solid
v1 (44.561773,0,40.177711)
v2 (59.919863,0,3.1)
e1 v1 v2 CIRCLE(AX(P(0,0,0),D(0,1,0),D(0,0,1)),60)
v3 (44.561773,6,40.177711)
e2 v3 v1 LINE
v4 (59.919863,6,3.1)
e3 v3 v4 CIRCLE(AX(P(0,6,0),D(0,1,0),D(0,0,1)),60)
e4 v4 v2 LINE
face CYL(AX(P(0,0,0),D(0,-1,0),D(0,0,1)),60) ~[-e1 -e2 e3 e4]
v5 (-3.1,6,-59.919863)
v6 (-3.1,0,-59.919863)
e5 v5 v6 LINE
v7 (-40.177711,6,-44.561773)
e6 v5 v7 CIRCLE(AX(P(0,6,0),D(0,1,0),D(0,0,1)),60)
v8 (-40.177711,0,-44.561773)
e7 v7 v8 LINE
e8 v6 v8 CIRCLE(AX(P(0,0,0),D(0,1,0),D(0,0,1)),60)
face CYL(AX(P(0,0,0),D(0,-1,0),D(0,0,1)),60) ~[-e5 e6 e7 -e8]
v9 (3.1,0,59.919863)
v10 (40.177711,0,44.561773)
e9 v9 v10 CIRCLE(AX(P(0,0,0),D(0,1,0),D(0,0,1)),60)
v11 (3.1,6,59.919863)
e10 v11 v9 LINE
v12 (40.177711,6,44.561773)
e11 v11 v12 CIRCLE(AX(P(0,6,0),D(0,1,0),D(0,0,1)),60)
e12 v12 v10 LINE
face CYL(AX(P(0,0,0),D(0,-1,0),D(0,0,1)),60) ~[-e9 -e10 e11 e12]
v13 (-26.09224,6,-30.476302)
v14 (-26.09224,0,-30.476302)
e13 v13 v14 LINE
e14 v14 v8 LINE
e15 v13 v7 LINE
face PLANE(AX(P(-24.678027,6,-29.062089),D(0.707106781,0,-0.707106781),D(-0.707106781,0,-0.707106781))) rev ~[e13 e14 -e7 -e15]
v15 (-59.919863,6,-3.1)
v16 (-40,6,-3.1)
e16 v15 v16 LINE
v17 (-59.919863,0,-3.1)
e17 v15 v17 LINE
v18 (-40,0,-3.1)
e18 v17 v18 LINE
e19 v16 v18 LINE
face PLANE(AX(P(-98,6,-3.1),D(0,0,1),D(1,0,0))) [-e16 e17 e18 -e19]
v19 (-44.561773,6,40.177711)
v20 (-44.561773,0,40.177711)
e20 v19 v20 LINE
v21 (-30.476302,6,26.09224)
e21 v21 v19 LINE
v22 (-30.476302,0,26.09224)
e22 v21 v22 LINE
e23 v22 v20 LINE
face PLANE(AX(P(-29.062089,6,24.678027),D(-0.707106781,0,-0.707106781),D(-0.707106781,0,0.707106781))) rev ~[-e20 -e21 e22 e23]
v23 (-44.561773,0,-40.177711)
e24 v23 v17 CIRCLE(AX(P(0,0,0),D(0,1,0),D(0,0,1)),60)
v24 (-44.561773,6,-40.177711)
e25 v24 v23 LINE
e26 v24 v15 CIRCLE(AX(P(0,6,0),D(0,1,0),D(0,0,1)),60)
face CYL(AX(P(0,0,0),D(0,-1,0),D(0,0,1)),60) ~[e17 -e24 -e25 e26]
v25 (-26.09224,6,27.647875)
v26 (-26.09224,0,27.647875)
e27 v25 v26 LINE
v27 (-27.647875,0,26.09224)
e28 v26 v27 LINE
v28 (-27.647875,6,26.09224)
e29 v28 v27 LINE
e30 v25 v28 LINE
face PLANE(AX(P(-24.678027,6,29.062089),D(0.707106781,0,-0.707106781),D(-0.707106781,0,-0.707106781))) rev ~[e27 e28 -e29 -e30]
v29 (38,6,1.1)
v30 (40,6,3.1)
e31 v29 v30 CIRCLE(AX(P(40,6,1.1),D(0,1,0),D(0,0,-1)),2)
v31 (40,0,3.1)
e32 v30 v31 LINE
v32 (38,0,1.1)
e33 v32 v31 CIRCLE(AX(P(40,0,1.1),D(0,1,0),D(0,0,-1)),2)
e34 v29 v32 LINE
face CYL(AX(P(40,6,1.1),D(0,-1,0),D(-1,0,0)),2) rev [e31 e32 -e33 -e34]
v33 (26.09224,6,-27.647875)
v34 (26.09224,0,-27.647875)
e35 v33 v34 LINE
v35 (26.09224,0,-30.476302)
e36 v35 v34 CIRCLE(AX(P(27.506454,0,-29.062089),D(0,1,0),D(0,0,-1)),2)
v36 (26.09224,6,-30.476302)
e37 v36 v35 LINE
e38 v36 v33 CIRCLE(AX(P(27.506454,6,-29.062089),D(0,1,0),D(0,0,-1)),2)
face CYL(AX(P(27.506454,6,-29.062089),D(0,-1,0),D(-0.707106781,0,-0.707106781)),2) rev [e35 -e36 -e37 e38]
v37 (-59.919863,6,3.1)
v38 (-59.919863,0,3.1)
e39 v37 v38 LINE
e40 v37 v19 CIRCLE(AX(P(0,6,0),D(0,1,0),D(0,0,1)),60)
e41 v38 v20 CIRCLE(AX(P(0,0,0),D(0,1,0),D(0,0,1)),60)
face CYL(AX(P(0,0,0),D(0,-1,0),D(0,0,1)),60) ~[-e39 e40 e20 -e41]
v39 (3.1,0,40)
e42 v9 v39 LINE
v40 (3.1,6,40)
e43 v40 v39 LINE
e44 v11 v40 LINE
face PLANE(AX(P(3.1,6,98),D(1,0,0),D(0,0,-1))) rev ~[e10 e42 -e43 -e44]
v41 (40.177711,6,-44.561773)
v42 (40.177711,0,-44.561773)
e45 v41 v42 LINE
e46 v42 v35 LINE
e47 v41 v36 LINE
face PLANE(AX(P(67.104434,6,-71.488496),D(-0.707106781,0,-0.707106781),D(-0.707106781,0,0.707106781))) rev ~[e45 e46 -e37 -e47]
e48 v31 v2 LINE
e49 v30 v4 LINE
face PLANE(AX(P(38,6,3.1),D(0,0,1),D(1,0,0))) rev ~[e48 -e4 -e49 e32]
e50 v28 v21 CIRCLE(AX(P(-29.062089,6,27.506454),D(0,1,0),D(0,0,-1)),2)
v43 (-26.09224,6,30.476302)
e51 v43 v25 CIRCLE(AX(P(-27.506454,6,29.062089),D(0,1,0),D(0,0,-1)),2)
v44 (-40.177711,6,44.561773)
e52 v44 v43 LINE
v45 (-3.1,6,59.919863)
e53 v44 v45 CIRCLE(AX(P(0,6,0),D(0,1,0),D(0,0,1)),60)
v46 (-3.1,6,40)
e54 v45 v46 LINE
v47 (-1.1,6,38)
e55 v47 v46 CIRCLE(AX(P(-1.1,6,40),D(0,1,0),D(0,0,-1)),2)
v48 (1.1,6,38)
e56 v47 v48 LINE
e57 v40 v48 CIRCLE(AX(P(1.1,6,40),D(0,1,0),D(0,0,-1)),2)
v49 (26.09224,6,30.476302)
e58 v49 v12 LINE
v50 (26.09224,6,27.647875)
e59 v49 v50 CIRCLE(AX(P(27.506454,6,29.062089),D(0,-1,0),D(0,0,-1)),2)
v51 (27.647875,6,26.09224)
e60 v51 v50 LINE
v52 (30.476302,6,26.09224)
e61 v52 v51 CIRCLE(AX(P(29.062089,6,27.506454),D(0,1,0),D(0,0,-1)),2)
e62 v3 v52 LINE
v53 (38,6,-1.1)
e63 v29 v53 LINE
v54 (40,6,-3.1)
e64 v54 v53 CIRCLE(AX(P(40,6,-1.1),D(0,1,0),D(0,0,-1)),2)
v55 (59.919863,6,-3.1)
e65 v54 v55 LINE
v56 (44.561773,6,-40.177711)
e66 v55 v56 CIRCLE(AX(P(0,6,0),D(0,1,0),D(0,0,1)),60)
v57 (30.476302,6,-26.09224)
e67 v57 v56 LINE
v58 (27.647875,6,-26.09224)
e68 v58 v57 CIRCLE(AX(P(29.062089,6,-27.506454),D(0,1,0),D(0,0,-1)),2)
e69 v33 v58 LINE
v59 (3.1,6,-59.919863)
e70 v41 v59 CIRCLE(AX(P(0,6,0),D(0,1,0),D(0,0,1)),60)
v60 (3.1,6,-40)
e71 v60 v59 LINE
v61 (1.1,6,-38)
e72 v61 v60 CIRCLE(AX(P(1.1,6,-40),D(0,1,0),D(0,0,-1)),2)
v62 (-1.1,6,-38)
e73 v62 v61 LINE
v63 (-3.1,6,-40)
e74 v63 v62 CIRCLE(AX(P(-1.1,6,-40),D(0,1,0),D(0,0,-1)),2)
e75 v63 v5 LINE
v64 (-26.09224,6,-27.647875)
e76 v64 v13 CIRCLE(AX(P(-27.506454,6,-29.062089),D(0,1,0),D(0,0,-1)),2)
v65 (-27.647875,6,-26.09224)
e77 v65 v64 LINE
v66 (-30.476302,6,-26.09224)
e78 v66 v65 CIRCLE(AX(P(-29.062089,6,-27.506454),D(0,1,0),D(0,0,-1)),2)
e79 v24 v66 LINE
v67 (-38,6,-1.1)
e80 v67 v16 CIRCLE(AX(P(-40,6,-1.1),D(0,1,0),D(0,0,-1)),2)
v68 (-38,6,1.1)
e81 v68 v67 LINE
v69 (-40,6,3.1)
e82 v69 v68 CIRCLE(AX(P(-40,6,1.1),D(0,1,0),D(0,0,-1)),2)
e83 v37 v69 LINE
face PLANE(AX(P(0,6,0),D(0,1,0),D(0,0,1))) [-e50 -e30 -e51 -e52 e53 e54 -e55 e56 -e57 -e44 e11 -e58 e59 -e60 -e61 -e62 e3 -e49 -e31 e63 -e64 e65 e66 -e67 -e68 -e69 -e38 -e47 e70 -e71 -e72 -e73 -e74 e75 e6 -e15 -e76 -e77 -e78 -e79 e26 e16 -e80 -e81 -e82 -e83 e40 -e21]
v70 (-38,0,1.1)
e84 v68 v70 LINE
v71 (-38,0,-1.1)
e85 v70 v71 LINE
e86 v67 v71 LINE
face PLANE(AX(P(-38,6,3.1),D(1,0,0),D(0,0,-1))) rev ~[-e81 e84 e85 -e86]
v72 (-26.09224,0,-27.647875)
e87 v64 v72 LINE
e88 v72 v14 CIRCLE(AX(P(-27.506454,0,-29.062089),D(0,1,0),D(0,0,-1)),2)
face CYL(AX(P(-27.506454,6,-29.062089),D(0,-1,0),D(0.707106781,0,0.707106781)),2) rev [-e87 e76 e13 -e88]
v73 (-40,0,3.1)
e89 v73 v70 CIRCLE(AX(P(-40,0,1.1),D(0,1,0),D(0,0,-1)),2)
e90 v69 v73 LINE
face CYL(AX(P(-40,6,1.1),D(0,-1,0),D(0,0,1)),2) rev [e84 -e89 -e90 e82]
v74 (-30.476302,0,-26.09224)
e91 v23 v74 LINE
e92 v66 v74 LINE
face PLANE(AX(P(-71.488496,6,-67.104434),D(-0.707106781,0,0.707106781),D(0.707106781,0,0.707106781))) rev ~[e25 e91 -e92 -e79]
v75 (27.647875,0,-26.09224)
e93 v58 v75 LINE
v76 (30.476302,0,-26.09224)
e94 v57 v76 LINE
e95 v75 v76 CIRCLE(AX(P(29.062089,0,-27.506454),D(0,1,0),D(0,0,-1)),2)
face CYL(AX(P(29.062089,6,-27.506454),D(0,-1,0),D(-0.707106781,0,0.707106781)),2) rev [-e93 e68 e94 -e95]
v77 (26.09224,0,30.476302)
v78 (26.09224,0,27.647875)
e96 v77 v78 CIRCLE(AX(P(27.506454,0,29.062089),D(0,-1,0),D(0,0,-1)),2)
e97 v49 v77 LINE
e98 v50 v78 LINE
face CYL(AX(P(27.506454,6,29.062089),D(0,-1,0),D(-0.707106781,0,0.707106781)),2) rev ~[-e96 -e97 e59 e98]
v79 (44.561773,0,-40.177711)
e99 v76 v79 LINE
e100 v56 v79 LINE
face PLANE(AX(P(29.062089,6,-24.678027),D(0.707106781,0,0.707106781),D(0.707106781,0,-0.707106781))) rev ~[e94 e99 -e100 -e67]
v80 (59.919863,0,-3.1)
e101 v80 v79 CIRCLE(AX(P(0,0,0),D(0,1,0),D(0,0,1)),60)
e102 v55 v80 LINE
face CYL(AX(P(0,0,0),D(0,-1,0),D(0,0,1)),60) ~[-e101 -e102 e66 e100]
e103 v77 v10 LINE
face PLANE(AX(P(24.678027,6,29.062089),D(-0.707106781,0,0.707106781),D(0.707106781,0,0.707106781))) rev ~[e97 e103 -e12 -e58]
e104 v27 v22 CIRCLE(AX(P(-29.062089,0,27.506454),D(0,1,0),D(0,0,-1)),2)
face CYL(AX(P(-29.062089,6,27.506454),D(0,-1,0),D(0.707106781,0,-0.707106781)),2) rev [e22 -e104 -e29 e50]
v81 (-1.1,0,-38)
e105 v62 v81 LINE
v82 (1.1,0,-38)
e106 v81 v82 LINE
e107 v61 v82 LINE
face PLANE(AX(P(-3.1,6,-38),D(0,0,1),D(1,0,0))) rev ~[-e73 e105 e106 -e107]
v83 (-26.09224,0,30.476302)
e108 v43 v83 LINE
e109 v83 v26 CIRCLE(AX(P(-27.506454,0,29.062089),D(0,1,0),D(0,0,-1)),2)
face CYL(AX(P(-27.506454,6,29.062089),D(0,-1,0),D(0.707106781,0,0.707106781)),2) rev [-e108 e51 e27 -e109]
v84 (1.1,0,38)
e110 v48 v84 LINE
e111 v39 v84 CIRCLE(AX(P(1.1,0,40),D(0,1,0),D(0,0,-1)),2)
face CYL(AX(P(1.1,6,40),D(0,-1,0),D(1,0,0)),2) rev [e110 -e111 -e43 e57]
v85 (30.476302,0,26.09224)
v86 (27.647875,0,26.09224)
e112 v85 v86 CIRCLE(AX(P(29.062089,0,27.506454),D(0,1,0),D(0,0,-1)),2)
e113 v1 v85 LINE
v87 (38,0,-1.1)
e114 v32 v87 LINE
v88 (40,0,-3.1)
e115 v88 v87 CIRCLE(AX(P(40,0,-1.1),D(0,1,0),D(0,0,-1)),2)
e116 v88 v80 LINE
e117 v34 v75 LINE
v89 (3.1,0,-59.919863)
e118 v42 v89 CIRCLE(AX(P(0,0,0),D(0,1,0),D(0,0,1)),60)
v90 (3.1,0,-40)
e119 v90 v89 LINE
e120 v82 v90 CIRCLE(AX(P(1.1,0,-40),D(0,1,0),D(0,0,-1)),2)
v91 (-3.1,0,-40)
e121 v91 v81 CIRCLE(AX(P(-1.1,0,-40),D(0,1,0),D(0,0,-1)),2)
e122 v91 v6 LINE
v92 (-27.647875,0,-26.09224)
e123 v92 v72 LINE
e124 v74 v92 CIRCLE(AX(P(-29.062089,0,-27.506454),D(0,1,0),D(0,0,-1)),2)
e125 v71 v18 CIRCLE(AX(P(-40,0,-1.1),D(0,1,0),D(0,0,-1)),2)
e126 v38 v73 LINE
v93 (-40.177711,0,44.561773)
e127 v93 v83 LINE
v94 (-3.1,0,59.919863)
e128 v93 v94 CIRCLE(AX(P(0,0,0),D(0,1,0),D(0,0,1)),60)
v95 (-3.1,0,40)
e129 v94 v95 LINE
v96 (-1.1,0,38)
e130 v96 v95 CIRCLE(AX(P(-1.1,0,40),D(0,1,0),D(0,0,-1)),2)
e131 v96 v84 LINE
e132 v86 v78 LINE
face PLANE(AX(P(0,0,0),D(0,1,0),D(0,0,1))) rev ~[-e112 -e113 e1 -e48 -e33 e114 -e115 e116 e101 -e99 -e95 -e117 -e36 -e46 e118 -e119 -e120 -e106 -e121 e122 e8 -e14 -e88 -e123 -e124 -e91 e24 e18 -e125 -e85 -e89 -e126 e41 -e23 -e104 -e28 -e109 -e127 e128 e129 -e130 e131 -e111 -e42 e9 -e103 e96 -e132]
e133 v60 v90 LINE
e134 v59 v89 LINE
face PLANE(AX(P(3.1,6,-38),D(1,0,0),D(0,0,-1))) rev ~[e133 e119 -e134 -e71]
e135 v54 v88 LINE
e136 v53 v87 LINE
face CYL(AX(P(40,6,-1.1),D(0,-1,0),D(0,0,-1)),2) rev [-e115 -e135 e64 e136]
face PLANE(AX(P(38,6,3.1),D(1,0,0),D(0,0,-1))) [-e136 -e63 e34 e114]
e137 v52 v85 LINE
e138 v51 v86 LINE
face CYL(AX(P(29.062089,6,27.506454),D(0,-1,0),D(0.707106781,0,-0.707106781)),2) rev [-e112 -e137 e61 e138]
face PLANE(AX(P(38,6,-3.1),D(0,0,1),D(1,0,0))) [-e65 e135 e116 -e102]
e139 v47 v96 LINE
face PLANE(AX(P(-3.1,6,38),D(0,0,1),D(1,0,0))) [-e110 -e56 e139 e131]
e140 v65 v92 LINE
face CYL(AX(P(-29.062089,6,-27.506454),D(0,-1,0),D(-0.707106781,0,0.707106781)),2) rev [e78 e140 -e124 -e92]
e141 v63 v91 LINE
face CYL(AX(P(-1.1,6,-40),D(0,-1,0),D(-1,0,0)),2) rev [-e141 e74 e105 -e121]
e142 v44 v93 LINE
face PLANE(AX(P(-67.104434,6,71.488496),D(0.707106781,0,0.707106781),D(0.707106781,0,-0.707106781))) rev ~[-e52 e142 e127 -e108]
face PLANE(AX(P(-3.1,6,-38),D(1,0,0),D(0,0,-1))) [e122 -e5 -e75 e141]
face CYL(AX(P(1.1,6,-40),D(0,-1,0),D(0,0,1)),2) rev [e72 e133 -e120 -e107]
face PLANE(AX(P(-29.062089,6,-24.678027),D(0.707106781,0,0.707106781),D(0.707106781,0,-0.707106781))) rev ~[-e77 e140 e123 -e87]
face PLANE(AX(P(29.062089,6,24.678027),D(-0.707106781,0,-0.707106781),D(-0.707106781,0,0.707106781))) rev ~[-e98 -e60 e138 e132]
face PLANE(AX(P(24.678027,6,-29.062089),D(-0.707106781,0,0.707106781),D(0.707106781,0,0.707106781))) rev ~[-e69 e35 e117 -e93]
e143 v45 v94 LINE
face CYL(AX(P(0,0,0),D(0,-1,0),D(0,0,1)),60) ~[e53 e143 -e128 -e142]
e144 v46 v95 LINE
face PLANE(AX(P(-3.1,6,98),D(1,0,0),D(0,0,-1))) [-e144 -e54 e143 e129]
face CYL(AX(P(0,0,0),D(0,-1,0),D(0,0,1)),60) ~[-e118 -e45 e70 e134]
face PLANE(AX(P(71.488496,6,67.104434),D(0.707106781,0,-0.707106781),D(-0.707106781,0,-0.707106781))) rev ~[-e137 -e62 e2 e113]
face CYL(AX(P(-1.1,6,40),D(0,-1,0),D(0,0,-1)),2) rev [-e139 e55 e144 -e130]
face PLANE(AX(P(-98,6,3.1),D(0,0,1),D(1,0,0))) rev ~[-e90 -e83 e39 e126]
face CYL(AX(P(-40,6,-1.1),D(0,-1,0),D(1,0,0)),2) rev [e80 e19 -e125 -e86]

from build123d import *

# Parameters (mm, degrees)
SKETCH_2_R          = 60
EXTRUDE_1_DEPTH     = 6
SKETCH_3_W          = 60
SKETCH_3_H          = 6.2
SKETCH_3_W_2        = 6.2
SKETCH_3_H_2        = 60
CUT_EXTRUDE_1_DEPTH = 6
FILLET_1_R          = 2


with BuildPart() as part:
    # 草图2 → 凸台-拉伸1 (new body)
    with BuildSketch(Plane(origin=(0, 0, 0), x_dir=(1, 0, 0), z_dir=(0, 1, 0))):
        with Locations(Location((0, 0, 0), (0, 0, 270))):
            Circle(SKETCH_2_R)
    extrude(amount=EXTRUDE_1_DEPTH)

    # 草图3 → 切除-拉伸1 (cut)
    with BuildSketch(Plane(origin=(0, 6, 0), x_dir=(1, 0, 0), z_dir=(0, 1, 0))):
        with Locations((68, 0)):
            Rectangle(SKETCH_3_W, SKETCH_3_H)
        Polygon((24.678026663, -29.062088707), (67.104433535, -71.488495578), (71.488495578, -67.104433535), (29.062088707, -24.678026663), align=None)
        with Locations((0, -68)):
            Rectangle(SKETCH_3_W_2, SKETCH_3_H_2)
        Polygon((-29.062088707, -24.678026663), (-71.488495578, -67.104433535), (-67.104433535, -71.488495578), (-24.678026663, -29.062088707), align=None)
        with Locations((-68, 0)):
            Rectangle(SKETCH_3_W, SKETCH_3_H)
        Polygon((-24.678026663, 29.062088707), (-67.104433535, 71.488495578), (-71.488495578, 67.104433535), (-29.062088707, 24.678026663), align=None)
        with Locations((0, 68)):
            Rectangle(SKETCH_3_W_2, SKETCH_3_H_2)
        Polygon((29.062088707, 24.678026663), (71.488495578, 67.104433535), (67.104433535, 71.488495578), (24.678026663, 29.062088707), align=None)
    extrude(amount=-CUT_EXTRUDE_1_DEPTH, mode=Mode.SUBTRACT)

    # 圆角1
    fillet_1_edges = [part.edges().sort_by_distance(p)[0] for p in [
        (29.062088707, 3, 24.678026663),
        (24.678026663, 3, 29.062088707),
        (38, 3, -3.1),
        (38, 3, 3.1),
        (24.678026663, 3, -29.062088707),
        (29.062088707, 3, -24.678026663),
        (-3.1, 3, -38),
        (3.1, 3, -38),
        (-29.062088707, 3, -24.678026663),
        (-24.678026663, 3, -29.062088707),
        (-38, 3, 3.1),
        (-38, 3, -3.1),
        (-24.678026663, 3, 29.062088707),
        (-29.062088707, 3, 24.678026663),
        (3.1, 3, 38),
        (-3.1, 3, 38),
    ]]
    fillet(fillet_1_edges, radius=FILLET_1_R)


solid = part.part
